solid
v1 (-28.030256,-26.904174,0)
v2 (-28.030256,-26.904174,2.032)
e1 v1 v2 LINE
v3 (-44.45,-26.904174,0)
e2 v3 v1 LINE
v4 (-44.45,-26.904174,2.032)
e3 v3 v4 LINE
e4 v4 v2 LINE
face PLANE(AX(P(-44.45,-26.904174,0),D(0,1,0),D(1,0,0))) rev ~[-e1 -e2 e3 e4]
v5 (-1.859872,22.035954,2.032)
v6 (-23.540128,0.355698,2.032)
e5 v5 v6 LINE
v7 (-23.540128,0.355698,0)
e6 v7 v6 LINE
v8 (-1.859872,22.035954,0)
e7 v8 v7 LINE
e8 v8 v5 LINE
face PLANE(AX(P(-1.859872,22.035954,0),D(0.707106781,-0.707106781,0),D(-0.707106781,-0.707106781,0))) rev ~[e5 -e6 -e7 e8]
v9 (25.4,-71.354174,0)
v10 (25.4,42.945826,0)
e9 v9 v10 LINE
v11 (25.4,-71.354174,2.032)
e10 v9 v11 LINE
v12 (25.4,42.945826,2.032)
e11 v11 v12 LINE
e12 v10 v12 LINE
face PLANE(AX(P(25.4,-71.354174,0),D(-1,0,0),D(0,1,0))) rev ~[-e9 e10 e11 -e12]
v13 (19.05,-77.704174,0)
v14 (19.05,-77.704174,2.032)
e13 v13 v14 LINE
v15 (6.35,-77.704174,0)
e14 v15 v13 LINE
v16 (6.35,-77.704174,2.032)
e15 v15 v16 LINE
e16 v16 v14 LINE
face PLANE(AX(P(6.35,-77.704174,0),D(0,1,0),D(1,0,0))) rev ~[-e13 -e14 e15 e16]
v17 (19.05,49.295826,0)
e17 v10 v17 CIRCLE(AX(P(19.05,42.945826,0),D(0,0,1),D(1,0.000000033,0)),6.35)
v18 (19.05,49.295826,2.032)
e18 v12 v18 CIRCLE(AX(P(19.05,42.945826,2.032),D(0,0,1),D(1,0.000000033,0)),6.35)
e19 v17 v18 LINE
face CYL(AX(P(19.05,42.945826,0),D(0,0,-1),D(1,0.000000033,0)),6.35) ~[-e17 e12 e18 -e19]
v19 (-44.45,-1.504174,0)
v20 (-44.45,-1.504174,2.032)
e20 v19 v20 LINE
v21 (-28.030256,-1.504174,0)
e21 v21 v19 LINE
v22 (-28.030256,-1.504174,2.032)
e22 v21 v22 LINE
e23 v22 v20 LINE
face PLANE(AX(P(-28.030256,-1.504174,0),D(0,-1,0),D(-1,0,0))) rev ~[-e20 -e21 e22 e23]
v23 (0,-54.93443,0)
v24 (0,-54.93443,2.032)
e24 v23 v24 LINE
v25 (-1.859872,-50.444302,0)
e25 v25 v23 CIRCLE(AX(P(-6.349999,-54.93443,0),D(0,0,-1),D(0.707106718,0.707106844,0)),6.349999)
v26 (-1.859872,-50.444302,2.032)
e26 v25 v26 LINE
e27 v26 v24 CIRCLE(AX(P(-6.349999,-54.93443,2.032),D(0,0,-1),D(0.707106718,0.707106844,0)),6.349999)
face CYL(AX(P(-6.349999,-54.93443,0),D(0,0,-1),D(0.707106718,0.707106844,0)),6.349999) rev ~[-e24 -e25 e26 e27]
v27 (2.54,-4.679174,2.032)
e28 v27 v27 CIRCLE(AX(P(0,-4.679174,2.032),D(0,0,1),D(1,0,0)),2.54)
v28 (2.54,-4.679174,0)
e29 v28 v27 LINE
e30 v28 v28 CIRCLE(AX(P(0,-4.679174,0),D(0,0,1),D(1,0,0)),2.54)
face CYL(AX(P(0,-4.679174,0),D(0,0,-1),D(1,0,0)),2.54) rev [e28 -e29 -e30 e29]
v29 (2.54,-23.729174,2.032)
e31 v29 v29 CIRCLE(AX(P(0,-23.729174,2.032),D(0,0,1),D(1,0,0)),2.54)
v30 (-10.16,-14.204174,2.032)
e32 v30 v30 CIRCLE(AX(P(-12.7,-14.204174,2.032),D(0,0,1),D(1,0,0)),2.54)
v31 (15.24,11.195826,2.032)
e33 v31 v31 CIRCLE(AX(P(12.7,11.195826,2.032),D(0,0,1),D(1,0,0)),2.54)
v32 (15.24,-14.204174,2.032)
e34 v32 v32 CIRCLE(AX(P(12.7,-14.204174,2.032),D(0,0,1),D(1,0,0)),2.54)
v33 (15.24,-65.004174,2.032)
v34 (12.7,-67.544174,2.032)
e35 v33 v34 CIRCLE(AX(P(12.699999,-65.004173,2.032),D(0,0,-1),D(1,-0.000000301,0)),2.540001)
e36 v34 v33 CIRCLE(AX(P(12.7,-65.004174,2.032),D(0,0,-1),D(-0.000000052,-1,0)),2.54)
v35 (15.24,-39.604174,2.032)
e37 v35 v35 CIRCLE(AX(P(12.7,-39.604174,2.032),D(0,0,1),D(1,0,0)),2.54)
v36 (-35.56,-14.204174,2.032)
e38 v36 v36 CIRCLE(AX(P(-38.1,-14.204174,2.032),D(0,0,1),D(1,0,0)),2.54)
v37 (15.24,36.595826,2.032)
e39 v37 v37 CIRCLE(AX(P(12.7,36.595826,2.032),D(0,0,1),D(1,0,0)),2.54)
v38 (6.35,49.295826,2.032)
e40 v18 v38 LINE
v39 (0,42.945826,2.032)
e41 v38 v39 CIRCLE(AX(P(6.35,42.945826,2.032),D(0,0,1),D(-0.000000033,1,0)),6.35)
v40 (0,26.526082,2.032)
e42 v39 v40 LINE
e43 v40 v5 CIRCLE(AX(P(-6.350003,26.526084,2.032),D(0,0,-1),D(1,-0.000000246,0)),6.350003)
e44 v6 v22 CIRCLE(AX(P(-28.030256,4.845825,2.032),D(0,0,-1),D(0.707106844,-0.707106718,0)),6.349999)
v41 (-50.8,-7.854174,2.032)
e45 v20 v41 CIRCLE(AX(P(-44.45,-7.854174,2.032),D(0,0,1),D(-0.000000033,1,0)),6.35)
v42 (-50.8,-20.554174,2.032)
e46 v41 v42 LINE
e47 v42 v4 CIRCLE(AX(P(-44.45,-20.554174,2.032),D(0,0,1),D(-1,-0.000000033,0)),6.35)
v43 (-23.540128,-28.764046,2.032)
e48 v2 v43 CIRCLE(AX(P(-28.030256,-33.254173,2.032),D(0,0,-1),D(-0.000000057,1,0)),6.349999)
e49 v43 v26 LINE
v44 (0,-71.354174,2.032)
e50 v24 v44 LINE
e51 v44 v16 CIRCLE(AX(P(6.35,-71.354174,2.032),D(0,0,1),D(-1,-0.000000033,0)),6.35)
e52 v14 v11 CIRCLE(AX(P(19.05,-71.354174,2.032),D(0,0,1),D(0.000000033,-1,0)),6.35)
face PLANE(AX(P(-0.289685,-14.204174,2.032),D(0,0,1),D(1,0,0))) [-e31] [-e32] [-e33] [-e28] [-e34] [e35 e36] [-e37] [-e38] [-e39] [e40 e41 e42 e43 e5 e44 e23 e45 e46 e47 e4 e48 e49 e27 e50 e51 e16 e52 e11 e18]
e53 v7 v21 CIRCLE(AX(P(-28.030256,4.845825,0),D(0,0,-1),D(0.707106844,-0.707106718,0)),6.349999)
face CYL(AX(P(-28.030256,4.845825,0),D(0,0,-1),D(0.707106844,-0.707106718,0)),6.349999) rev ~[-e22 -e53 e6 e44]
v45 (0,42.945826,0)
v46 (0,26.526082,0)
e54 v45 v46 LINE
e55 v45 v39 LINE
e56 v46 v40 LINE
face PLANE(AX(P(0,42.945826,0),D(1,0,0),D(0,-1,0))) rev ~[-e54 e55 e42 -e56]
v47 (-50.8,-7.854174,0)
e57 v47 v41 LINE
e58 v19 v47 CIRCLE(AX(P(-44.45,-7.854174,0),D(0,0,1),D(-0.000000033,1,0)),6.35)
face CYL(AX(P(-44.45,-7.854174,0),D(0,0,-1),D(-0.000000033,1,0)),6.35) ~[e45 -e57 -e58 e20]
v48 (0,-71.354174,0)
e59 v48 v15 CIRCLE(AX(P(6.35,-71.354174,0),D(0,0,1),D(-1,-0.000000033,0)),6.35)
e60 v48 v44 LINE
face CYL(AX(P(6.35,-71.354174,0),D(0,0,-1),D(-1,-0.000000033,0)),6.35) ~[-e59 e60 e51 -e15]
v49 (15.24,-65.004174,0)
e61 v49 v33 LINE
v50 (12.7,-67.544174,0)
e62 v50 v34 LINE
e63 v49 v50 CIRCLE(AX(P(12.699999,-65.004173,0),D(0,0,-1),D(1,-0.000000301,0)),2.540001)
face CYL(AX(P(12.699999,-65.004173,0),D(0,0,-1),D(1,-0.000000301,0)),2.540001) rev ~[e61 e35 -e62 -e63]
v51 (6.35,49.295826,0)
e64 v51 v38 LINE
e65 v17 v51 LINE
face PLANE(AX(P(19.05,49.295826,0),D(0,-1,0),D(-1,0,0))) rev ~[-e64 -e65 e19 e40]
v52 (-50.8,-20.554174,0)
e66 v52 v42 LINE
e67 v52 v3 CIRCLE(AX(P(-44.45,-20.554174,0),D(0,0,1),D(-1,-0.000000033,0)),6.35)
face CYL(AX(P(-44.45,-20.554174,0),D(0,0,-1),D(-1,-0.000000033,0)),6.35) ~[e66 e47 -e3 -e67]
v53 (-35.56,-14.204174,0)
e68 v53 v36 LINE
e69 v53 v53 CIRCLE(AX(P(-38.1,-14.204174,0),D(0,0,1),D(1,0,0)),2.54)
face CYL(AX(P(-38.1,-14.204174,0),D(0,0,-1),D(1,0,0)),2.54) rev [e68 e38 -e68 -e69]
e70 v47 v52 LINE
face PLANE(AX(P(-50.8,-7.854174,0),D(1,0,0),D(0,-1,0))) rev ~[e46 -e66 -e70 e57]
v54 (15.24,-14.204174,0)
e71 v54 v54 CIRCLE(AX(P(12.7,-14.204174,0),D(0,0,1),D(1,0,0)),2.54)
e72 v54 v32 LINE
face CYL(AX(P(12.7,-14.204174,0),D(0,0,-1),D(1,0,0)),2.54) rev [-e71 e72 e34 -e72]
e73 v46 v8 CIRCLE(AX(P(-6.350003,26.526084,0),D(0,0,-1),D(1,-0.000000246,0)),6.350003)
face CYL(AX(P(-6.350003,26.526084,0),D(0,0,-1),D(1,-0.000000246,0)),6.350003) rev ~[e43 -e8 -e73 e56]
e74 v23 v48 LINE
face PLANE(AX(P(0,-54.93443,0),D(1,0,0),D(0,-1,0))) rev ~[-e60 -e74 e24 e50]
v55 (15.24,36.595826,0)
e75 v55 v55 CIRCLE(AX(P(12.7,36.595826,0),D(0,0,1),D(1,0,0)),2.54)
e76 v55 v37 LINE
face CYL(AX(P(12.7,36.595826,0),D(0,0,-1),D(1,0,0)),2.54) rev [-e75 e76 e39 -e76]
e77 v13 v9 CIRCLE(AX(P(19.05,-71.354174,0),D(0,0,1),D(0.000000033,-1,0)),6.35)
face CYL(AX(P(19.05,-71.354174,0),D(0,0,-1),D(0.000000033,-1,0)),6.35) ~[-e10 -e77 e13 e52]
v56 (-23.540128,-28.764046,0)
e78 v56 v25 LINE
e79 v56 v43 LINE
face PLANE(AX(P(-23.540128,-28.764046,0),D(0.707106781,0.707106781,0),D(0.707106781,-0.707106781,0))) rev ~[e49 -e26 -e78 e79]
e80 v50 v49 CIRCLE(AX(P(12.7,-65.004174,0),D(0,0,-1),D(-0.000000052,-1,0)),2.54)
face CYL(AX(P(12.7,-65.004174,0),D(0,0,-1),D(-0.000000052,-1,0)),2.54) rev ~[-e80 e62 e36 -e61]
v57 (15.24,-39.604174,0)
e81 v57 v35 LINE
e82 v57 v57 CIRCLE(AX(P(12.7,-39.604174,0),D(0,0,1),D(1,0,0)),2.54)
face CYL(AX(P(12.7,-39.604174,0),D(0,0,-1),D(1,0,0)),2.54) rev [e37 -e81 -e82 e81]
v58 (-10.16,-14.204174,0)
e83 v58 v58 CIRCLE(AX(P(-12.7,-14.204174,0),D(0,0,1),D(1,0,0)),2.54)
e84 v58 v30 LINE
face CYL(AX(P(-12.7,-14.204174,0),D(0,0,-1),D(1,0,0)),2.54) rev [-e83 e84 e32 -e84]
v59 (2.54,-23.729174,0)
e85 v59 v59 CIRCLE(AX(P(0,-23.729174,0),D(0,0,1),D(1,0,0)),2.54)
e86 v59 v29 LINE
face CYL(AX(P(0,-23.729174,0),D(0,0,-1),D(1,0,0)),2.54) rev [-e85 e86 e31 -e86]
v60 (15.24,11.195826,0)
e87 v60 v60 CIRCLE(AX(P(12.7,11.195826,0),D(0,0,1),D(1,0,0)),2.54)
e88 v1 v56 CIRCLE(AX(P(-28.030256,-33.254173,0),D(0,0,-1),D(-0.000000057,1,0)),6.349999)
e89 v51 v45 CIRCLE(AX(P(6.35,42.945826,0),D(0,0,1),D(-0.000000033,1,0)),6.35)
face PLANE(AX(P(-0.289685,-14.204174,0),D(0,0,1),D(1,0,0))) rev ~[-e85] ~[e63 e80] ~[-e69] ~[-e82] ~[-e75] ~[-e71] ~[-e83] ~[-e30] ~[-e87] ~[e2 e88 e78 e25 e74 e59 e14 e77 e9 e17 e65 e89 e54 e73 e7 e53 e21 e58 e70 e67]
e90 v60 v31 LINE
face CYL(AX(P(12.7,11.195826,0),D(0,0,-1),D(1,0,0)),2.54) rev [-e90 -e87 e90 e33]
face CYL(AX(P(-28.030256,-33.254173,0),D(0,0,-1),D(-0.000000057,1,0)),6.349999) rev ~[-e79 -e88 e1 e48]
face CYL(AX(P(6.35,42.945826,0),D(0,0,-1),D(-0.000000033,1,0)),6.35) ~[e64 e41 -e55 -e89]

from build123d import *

# Parameters (mm, degrees)
F0_R     = 2.54
F1_DEPTH = 2.032


with BuildPart() as f1:
    # F0 (on Top) → F1 (new body)
    with BuildSketch(Plane.XY):
        with BuildLine():
            ThreePointArc((19.05, -77.704174), (23.540128, -75.844302), (25.4, -71.354174))
            Line((25.4, -71.354174), (25.4, 42.945826))
            ThreePointArc((25.4, 42.945826), (23.540128, 47.435954), (19.05, 49.295826))
            Line((19.05, 49.295826), (6.35, 49.295826))
            ThreePointArc((6.35, 49.295826), (1.859872, 47.435954), (0, 42.945826))
            Line((0, 42.945826), (0, 26.526082))
            ThreePointArc((0, 26.526082), (-0.483365, 24.096043), (-1.859872, 22.035954))
            Line((-1.859872, 22.035954), (-23.540128, 0.355698))
            ThreePointArc((-23.540128, 0.355698), (-25.600216, -1.020809), (-28.030256, -1.504174))
            Line((-28.030256, -1.504174), (-44.45, -1.504174))
            ThreePointArc((-44.45, -1.504174), (-48.940128, -3.364046), (-50.8, -7.854174))
            Line((-50.8, -7.854174), (-50.8, -14.204174))
            Line((-50.8, -14.204174), (-50.8, -20.554174))
            ThreePointArc((-50.8, -20.554174), (-48.940128, -25.044302), (-44.45, -26.904174))
            Line((-44.45, -26.904174), (-28.030256, -26.904174))
            ThreePointArc((-28.030256, -26.904174), (-25.600216, -27.387539), (-23.540128, -28.764046))
            Line((-23.540128, -28.764046), (-1.859872, -50.444302))
            ThreePointArc((-1.859872, -50.444302), (-0.483365, -52.50439), (0, -54.93443))
            Line((0, -54.93443), (0, -71.354174))
            ThreePointArc((0, -71.354174), (1.859872, -75.844302), (6.35, -77.704174))
            Line((6.35, -77.704174), (12.7, -77.704174))
            Line((12.7, -77.704174), (19.05, -77.704174))
        make_face()
        with BuildLine():
            ThreePointArc((15.24, -65.004174), (14.496051, -66.800225), (12.7, -67.544174))
            ThreePointArc((12.7, -67.544174), (10.903949, -63.208123), (15.24, -65.004174))
        make_face(mode=Mode.SUBTRACT)
        with Locations((0, -23.729174)):
            Circle(F0_R, mode=Mode.SUBTRACT)
        with Locations((12.7, -39.604174)):
            Circle(F0_R, mode=Mode.SUBTRACT)
        with Locations((-38.1, -14.204174)):
            Circle(F0_R, mode=Mode.SUBTRACT)
        with Locations((-12.7, -14.204174)):
            Circle(F0_R, mode=Mode.SUBTRACT)
        with Locations((0, -4.679174)):
            Circle(F0_R, mode=Mode.SUBTRACT)
        with Locations((12.7, -14.204174)):
            Circle(F0_R, mode=Mode.SUBTRACT)
        with Locations((12.7, 11.195826)):
            Circle(F0_R, mode=Mode.SUBTRACT)
        with Locations((12.7, 36.595826)):
            Circle(F0_R, mode=Mode.SUBTRACT)
    extrude(amount=F1_DEPTH)


solid = f1.part
